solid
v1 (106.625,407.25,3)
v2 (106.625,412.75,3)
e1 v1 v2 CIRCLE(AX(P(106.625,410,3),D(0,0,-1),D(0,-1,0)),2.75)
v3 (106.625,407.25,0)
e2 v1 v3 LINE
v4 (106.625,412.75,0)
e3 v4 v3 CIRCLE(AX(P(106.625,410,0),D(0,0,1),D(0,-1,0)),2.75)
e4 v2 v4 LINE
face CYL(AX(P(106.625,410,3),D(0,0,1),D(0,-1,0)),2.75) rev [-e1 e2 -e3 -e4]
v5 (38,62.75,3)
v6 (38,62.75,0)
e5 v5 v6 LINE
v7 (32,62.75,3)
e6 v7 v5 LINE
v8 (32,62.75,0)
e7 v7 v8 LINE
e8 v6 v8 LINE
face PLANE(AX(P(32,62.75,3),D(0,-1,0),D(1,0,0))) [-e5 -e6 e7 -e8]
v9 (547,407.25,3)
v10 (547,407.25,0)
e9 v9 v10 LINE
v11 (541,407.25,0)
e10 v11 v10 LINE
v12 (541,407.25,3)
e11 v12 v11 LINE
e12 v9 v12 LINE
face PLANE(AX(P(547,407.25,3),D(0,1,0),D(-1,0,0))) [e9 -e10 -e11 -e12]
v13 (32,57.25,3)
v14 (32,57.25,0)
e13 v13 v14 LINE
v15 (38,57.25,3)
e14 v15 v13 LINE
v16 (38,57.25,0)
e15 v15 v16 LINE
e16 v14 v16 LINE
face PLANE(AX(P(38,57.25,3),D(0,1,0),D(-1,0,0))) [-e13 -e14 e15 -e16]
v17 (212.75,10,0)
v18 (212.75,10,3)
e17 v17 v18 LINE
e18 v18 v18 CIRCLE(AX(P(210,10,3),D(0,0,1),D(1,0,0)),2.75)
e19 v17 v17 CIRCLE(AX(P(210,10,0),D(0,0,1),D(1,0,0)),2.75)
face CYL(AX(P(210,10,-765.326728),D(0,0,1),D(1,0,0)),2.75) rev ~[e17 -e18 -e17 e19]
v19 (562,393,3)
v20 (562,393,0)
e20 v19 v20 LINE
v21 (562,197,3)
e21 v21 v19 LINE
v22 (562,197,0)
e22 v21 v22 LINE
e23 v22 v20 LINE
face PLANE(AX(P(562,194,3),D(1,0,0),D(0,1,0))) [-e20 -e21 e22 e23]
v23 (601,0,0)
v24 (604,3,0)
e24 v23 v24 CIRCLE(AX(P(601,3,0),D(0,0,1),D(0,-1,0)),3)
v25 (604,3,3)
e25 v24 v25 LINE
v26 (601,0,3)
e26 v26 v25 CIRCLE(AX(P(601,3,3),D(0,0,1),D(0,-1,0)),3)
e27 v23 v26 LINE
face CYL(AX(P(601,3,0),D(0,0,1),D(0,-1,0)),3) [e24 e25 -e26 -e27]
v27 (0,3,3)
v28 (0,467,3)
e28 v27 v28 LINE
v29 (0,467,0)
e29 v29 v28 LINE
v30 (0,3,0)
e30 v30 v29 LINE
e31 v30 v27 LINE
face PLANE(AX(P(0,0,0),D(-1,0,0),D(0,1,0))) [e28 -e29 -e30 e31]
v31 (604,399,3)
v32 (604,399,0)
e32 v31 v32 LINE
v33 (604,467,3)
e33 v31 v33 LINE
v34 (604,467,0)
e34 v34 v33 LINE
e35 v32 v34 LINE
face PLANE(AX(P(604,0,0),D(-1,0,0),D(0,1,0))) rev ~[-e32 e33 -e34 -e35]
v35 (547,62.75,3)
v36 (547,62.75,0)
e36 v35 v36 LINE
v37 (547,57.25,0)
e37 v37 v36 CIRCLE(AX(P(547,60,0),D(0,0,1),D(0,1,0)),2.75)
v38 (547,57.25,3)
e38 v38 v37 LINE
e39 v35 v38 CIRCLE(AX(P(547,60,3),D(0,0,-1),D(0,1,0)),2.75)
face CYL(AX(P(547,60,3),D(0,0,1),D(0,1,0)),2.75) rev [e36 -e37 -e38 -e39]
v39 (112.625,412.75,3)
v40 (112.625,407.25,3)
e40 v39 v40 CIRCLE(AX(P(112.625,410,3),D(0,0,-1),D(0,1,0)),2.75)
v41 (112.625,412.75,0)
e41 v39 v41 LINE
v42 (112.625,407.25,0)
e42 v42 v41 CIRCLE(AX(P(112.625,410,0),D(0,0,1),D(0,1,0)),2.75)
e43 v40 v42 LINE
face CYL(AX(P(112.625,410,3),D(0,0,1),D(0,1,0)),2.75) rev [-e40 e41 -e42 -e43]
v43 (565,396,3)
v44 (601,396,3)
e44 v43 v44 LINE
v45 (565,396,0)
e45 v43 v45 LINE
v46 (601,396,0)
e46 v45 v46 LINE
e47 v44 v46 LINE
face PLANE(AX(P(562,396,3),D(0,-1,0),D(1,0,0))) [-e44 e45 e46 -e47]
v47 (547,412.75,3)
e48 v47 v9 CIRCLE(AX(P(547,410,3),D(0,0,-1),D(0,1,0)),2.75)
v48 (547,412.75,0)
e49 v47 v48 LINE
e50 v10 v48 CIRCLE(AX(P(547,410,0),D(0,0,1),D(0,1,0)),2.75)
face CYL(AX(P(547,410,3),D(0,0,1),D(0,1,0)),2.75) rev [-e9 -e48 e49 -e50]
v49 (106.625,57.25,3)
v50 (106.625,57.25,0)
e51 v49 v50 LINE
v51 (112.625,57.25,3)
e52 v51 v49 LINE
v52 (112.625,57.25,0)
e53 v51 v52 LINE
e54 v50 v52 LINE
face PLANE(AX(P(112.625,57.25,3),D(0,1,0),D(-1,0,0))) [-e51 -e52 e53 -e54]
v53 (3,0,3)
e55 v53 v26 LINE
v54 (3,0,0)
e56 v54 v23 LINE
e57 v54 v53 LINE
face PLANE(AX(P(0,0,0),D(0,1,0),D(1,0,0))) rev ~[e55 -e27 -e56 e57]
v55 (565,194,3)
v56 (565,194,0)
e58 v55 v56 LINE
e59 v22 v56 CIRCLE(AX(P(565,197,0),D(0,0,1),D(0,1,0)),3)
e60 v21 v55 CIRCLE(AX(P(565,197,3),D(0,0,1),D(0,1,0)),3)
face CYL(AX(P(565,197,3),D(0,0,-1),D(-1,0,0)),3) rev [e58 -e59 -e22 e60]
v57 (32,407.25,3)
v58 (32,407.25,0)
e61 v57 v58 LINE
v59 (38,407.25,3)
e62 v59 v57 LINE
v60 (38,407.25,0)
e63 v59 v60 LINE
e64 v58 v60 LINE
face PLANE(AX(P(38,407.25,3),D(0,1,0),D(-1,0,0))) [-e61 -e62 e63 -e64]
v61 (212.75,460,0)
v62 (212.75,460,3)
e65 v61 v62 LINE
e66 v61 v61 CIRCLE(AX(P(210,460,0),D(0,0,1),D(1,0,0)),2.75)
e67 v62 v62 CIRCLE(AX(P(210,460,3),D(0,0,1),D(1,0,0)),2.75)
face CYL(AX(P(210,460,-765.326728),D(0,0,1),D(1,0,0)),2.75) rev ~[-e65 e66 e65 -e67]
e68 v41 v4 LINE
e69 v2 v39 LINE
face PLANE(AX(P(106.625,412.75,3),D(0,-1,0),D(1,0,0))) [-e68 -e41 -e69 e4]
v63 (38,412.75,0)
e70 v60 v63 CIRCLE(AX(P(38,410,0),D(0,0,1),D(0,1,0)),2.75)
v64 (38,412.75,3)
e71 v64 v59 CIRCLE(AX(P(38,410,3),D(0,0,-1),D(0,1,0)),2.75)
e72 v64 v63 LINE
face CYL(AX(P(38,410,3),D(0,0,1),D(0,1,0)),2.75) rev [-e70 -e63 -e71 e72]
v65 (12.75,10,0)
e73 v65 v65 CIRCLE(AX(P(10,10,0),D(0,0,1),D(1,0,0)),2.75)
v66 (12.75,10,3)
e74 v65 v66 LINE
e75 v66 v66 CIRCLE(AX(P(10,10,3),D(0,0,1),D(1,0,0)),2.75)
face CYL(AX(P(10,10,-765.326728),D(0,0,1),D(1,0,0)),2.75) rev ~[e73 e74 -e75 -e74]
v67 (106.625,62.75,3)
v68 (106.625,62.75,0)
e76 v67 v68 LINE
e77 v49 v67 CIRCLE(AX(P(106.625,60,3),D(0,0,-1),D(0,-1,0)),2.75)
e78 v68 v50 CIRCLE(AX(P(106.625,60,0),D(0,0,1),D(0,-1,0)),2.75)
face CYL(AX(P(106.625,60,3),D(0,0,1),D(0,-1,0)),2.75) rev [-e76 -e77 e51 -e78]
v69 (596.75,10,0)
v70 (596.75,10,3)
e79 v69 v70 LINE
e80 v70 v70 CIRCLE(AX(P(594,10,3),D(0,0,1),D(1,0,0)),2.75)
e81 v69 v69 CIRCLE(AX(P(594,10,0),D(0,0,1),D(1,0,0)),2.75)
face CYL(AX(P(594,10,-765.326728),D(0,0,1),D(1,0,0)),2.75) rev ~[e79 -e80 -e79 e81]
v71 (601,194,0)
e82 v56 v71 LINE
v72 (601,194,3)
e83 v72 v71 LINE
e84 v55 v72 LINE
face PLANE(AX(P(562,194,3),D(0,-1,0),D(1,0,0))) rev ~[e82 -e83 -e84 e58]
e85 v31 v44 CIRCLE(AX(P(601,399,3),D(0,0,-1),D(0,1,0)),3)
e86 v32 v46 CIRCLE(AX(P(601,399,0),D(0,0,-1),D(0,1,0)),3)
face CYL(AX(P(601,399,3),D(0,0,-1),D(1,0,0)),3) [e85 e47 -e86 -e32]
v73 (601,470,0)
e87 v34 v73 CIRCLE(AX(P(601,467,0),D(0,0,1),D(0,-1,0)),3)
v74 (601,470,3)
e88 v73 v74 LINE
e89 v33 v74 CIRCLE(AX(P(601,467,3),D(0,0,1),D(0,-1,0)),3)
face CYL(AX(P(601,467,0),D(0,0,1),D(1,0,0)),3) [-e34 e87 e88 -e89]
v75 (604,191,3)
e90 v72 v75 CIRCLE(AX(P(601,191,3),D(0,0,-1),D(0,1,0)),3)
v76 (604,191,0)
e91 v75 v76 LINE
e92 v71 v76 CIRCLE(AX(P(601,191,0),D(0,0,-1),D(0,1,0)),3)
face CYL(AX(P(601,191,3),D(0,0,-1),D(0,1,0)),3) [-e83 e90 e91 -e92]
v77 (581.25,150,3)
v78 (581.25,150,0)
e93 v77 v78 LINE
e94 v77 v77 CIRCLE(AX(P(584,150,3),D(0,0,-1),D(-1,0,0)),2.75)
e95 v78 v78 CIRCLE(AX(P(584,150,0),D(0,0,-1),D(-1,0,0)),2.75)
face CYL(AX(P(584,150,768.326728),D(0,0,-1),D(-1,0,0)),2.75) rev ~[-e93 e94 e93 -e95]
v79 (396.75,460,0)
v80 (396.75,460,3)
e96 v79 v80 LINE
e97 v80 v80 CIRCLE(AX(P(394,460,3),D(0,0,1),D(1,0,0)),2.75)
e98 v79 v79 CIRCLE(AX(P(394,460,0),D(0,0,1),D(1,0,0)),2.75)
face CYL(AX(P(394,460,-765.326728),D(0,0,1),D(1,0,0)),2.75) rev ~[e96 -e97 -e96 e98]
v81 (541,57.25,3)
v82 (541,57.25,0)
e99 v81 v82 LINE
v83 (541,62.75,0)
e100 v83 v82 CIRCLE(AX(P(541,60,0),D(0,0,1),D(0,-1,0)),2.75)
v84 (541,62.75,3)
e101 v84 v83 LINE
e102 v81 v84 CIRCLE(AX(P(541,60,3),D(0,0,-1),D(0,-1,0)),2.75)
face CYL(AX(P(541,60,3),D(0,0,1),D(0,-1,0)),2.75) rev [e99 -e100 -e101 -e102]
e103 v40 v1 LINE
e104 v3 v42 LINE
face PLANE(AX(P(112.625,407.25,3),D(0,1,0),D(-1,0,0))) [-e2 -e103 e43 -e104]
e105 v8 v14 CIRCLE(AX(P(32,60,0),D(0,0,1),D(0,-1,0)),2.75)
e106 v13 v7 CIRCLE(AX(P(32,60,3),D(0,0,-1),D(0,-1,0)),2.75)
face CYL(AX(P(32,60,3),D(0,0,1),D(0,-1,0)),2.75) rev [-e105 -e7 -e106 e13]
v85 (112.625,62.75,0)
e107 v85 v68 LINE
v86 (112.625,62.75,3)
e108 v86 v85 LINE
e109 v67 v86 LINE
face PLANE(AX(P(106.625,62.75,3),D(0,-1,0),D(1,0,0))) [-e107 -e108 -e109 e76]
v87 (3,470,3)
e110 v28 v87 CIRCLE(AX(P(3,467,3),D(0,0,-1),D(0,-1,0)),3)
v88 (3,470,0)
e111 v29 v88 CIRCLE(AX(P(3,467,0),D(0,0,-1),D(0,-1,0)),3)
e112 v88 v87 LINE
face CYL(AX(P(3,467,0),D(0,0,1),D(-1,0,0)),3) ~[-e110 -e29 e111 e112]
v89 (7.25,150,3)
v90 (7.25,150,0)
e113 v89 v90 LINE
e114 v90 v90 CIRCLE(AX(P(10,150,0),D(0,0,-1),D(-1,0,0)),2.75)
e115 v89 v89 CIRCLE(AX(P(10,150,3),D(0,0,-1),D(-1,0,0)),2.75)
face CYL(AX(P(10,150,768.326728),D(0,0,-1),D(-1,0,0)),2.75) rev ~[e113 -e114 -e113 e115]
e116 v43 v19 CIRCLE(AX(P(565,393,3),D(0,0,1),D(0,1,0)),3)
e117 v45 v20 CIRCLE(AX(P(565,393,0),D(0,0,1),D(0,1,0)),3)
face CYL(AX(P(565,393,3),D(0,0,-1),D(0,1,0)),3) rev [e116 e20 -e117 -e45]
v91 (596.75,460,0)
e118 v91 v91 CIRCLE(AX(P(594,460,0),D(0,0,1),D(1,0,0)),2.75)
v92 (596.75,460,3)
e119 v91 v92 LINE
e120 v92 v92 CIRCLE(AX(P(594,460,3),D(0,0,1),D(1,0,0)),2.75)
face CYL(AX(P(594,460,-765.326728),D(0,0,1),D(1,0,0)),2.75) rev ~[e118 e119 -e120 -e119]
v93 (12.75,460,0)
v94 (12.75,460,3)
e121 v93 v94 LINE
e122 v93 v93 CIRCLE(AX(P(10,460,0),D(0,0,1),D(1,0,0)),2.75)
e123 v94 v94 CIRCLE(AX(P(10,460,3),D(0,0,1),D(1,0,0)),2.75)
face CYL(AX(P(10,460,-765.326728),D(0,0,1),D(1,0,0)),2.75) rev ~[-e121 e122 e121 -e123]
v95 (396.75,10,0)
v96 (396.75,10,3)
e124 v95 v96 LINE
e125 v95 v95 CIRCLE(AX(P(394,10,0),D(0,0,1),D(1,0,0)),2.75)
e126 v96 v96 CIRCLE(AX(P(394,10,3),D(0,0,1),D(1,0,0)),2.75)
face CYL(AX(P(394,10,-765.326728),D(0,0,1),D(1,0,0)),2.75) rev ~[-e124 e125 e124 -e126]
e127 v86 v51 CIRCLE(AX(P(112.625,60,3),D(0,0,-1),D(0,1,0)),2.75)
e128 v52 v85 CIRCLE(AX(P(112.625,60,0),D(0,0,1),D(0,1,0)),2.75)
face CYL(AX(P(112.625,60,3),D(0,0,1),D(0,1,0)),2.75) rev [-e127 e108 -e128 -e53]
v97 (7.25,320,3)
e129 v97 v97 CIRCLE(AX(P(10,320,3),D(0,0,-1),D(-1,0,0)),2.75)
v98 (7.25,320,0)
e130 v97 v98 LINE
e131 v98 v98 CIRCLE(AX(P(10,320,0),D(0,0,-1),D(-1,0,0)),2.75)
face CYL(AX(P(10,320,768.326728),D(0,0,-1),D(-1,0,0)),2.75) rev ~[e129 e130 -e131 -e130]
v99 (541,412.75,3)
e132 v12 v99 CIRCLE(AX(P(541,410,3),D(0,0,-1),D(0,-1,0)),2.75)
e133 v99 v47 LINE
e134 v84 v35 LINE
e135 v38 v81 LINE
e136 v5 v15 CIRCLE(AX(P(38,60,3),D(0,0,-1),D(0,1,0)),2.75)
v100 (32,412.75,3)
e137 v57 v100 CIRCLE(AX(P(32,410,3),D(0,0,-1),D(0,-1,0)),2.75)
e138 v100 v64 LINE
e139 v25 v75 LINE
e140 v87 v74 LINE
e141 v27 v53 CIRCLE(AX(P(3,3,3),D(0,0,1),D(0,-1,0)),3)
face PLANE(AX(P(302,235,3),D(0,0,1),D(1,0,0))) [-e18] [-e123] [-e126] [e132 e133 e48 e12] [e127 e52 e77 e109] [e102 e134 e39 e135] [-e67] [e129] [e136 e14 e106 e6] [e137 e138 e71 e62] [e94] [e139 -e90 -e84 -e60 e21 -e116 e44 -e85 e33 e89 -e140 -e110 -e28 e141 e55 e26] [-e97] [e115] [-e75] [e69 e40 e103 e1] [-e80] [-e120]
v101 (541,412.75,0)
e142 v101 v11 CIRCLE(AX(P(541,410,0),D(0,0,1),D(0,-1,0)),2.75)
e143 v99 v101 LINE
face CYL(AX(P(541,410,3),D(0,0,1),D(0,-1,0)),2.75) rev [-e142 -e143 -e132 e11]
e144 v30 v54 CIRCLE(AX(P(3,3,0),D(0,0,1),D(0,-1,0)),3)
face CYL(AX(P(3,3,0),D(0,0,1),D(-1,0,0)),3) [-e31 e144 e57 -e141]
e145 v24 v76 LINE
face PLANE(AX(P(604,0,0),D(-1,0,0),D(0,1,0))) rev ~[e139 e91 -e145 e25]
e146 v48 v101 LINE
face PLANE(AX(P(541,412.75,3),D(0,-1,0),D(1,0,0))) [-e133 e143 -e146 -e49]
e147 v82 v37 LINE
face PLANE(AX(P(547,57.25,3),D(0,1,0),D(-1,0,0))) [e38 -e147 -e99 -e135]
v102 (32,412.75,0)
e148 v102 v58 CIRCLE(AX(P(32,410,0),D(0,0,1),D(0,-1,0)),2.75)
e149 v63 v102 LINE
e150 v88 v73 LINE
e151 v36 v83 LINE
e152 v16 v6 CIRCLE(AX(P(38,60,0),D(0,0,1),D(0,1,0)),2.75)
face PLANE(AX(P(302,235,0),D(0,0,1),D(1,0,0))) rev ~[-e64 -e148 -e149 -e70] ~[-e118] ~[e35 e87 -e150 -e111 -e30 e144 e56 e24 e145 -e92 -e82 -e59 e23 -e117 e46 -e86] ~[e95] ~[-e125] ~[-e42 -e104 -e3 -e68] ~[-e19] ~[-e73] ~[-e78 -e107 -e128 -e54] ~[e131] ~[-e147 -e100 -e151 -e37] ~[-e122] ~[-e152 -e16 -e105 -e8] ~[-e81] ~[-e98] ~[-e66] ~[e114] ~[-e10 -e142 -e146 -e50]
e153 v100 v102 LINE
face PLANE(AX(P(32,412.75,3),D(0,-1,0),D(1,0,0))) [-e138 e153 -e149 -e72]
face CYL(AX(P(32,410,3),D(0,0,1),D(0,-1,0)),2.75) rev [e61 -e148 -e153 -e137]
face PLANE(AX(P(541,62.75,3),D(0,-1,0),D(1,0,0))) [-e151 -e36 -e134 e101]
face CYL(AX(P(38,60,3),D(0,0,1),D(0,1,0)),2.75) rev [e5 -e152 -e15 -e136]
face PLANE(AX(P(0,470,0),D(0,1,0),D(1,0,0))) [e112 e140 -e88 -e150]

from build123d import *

# Parameters (mm, degrees)
SKETCH1_W                         = 604
SKETCH1_H                         = 470
BOSS_EXTRUDE1_DEPTH               = 3
FILLET1_R                         = 3
M5_CLEARANCE_HOLE1_D              = 5.5
M5_MANUFACTURING_FIXTURING_HOLE_D = 5.5
CUT_EXTRUDE5_DEPTH                = 766.326727614
SKETCH6_W                         = 42
SKETCH6_H                         = 202
CUT_EXTRUDE2_DEPTH                = 766.326727614
FILLET3_R                         = 3


with BuildPart() as part:
    # Sketch1 → Boss-Extrude1 (new body)
    with BuildSketch(Plane.XY):
        with Locations((302, 235)):
            Rectangle(SKETCH1_W, SKETCH1_H)
    extrude(amount=BOSS_EXTRUDE1_DEPTH)

    # Fillet1
    fillet1_edges = [part.edges().sort_by_distance(p)[0] for p in [
        (0, 470, 1.5),
        (604, 470, 1.5),
        (604, 0, 1.5),
        (0, 0, 1.5),
    ]]
    fillet(fillet1_edges, radius=FILLET1_R)

    # M5 Clearance Hole1 (through all)
    with Locations(Plane(origin=(0, 0, 0), x_dir=(-1, 0, 0), z_dir=(0, 0, -1))):
        with Locations((-594, 460), (-394, 460), (-210, 460), (-10, 460), (-10, 10), (-210, 10), (-394, 10), (-594, 10), (-544, 410), (-544, 60), (-35, 410), (-35, 60), (-109.625, 410), (-109.625, 60)):
            Hole(M5_CLEARANCE_HOLE1_D / 2)

    # M5 Manufacturing Fixturing Hole (through all)
    with Locations(Plane.XY.offset(3)):
        with Locations((10, 320), (10, 150), (584, 320), (584, 150)):
            Hole(M5_MANUFACTURING_FIXTURING_HOLE_D / 2)

    # Sketch9 → Cut-Extrude5 (cut, through all)
    with BuildSketch(Plane.XY.offset(3)):
        with BuildLine():
            Line((32, 412.75), (38, 412.75))
            ThreePointArc((38, 412.75), (40.75, 410), (38, 407.25))
            Line((38, 407.25), (32, 407.25))
            ThreePointArc((32, 407.25), (29.25, 410), (32, 412.75))
        make_face()
        with BuildLine():
            Line((106.625, 412.75), (112.625, 412.75))
            ThreePointArc((112.625, 412.75), (115.375, 410), (112.625, 407.25))
            Line((112.625, 407.25), (106.625, 407.25))
            ThreePointArc((106.625, 407.25), (103.875, 410), (106.625, 412.75))
        make_face()
        with BuildLine():
            Line((32, 62.75), (38, 62.75))
            ThreePointArc((38, 62.75), (40.75, 60), (38, 57.25))
            Line((38, 57.25), (32, 57.25))
            ThreePointArc((32, 57.25), (29.25, 60), (32, 62.75))
        make_face()
        with BuildLine():
            Line((106.625, 62.75), (112.625, 62.75))
            ThreePointArc((112.625, 62.75), (115.375, 60), (112.625, 57.25))
            Line((112.625, 57.25), (106.625, 57.25))
            ThreePointArc((106.625, 57.25), (103.875, 60), (106.625, 62.75))
        make_face()
        with BuildLine():
            Line((541, 412.75), (547, 412.75))
            ThreePointArc((547, 412.75), (549.75, 410), (547, 407.25))
            Line((547, 407.25), (541, 407.25))
            ThreePointArc((541, 407.25), (538.25, 410), (541, 412.75))
        make_face()
        with BuildLine():
            Line((541, 62.75), (547, 62.75))
            ThreePointArc((547, 62.75), (549.75, 60), (547, 57.25))
            Line((547, 57.25), (541, 57.25))
            ThreePointArc((541, 57.25), (538.25, 60), (541, 62.75))
        make_face()
    extrude(amount=-CUT_EXTRUDE5_DEPTH, mode=Mode.SUBTRACT)

    # Sketch6 → Cut-Extrude2 (cut, through all)
    with BuildSketch(Plane.XY.offset(3)):
        with Locations((583, 295)):
            Rectangle(SKETCH6_W, SKETCH6_H)
    extrude(amount=-CUT_EXTRUDE2_DEPTH, mode=Mode.SUBTRACT)

    # Fillet3
    fillet3_edges = [part.edges().sort_by_distance(p)[0] for p in [
        (604, 396, 1.5),
        (604, 194, 1.5),
        (562, 194, 1.5),
        (562, 396, 1.5),
    ]]
    fillet(fillet3_edges, radius=FILLET3_R)


solid = part.part
